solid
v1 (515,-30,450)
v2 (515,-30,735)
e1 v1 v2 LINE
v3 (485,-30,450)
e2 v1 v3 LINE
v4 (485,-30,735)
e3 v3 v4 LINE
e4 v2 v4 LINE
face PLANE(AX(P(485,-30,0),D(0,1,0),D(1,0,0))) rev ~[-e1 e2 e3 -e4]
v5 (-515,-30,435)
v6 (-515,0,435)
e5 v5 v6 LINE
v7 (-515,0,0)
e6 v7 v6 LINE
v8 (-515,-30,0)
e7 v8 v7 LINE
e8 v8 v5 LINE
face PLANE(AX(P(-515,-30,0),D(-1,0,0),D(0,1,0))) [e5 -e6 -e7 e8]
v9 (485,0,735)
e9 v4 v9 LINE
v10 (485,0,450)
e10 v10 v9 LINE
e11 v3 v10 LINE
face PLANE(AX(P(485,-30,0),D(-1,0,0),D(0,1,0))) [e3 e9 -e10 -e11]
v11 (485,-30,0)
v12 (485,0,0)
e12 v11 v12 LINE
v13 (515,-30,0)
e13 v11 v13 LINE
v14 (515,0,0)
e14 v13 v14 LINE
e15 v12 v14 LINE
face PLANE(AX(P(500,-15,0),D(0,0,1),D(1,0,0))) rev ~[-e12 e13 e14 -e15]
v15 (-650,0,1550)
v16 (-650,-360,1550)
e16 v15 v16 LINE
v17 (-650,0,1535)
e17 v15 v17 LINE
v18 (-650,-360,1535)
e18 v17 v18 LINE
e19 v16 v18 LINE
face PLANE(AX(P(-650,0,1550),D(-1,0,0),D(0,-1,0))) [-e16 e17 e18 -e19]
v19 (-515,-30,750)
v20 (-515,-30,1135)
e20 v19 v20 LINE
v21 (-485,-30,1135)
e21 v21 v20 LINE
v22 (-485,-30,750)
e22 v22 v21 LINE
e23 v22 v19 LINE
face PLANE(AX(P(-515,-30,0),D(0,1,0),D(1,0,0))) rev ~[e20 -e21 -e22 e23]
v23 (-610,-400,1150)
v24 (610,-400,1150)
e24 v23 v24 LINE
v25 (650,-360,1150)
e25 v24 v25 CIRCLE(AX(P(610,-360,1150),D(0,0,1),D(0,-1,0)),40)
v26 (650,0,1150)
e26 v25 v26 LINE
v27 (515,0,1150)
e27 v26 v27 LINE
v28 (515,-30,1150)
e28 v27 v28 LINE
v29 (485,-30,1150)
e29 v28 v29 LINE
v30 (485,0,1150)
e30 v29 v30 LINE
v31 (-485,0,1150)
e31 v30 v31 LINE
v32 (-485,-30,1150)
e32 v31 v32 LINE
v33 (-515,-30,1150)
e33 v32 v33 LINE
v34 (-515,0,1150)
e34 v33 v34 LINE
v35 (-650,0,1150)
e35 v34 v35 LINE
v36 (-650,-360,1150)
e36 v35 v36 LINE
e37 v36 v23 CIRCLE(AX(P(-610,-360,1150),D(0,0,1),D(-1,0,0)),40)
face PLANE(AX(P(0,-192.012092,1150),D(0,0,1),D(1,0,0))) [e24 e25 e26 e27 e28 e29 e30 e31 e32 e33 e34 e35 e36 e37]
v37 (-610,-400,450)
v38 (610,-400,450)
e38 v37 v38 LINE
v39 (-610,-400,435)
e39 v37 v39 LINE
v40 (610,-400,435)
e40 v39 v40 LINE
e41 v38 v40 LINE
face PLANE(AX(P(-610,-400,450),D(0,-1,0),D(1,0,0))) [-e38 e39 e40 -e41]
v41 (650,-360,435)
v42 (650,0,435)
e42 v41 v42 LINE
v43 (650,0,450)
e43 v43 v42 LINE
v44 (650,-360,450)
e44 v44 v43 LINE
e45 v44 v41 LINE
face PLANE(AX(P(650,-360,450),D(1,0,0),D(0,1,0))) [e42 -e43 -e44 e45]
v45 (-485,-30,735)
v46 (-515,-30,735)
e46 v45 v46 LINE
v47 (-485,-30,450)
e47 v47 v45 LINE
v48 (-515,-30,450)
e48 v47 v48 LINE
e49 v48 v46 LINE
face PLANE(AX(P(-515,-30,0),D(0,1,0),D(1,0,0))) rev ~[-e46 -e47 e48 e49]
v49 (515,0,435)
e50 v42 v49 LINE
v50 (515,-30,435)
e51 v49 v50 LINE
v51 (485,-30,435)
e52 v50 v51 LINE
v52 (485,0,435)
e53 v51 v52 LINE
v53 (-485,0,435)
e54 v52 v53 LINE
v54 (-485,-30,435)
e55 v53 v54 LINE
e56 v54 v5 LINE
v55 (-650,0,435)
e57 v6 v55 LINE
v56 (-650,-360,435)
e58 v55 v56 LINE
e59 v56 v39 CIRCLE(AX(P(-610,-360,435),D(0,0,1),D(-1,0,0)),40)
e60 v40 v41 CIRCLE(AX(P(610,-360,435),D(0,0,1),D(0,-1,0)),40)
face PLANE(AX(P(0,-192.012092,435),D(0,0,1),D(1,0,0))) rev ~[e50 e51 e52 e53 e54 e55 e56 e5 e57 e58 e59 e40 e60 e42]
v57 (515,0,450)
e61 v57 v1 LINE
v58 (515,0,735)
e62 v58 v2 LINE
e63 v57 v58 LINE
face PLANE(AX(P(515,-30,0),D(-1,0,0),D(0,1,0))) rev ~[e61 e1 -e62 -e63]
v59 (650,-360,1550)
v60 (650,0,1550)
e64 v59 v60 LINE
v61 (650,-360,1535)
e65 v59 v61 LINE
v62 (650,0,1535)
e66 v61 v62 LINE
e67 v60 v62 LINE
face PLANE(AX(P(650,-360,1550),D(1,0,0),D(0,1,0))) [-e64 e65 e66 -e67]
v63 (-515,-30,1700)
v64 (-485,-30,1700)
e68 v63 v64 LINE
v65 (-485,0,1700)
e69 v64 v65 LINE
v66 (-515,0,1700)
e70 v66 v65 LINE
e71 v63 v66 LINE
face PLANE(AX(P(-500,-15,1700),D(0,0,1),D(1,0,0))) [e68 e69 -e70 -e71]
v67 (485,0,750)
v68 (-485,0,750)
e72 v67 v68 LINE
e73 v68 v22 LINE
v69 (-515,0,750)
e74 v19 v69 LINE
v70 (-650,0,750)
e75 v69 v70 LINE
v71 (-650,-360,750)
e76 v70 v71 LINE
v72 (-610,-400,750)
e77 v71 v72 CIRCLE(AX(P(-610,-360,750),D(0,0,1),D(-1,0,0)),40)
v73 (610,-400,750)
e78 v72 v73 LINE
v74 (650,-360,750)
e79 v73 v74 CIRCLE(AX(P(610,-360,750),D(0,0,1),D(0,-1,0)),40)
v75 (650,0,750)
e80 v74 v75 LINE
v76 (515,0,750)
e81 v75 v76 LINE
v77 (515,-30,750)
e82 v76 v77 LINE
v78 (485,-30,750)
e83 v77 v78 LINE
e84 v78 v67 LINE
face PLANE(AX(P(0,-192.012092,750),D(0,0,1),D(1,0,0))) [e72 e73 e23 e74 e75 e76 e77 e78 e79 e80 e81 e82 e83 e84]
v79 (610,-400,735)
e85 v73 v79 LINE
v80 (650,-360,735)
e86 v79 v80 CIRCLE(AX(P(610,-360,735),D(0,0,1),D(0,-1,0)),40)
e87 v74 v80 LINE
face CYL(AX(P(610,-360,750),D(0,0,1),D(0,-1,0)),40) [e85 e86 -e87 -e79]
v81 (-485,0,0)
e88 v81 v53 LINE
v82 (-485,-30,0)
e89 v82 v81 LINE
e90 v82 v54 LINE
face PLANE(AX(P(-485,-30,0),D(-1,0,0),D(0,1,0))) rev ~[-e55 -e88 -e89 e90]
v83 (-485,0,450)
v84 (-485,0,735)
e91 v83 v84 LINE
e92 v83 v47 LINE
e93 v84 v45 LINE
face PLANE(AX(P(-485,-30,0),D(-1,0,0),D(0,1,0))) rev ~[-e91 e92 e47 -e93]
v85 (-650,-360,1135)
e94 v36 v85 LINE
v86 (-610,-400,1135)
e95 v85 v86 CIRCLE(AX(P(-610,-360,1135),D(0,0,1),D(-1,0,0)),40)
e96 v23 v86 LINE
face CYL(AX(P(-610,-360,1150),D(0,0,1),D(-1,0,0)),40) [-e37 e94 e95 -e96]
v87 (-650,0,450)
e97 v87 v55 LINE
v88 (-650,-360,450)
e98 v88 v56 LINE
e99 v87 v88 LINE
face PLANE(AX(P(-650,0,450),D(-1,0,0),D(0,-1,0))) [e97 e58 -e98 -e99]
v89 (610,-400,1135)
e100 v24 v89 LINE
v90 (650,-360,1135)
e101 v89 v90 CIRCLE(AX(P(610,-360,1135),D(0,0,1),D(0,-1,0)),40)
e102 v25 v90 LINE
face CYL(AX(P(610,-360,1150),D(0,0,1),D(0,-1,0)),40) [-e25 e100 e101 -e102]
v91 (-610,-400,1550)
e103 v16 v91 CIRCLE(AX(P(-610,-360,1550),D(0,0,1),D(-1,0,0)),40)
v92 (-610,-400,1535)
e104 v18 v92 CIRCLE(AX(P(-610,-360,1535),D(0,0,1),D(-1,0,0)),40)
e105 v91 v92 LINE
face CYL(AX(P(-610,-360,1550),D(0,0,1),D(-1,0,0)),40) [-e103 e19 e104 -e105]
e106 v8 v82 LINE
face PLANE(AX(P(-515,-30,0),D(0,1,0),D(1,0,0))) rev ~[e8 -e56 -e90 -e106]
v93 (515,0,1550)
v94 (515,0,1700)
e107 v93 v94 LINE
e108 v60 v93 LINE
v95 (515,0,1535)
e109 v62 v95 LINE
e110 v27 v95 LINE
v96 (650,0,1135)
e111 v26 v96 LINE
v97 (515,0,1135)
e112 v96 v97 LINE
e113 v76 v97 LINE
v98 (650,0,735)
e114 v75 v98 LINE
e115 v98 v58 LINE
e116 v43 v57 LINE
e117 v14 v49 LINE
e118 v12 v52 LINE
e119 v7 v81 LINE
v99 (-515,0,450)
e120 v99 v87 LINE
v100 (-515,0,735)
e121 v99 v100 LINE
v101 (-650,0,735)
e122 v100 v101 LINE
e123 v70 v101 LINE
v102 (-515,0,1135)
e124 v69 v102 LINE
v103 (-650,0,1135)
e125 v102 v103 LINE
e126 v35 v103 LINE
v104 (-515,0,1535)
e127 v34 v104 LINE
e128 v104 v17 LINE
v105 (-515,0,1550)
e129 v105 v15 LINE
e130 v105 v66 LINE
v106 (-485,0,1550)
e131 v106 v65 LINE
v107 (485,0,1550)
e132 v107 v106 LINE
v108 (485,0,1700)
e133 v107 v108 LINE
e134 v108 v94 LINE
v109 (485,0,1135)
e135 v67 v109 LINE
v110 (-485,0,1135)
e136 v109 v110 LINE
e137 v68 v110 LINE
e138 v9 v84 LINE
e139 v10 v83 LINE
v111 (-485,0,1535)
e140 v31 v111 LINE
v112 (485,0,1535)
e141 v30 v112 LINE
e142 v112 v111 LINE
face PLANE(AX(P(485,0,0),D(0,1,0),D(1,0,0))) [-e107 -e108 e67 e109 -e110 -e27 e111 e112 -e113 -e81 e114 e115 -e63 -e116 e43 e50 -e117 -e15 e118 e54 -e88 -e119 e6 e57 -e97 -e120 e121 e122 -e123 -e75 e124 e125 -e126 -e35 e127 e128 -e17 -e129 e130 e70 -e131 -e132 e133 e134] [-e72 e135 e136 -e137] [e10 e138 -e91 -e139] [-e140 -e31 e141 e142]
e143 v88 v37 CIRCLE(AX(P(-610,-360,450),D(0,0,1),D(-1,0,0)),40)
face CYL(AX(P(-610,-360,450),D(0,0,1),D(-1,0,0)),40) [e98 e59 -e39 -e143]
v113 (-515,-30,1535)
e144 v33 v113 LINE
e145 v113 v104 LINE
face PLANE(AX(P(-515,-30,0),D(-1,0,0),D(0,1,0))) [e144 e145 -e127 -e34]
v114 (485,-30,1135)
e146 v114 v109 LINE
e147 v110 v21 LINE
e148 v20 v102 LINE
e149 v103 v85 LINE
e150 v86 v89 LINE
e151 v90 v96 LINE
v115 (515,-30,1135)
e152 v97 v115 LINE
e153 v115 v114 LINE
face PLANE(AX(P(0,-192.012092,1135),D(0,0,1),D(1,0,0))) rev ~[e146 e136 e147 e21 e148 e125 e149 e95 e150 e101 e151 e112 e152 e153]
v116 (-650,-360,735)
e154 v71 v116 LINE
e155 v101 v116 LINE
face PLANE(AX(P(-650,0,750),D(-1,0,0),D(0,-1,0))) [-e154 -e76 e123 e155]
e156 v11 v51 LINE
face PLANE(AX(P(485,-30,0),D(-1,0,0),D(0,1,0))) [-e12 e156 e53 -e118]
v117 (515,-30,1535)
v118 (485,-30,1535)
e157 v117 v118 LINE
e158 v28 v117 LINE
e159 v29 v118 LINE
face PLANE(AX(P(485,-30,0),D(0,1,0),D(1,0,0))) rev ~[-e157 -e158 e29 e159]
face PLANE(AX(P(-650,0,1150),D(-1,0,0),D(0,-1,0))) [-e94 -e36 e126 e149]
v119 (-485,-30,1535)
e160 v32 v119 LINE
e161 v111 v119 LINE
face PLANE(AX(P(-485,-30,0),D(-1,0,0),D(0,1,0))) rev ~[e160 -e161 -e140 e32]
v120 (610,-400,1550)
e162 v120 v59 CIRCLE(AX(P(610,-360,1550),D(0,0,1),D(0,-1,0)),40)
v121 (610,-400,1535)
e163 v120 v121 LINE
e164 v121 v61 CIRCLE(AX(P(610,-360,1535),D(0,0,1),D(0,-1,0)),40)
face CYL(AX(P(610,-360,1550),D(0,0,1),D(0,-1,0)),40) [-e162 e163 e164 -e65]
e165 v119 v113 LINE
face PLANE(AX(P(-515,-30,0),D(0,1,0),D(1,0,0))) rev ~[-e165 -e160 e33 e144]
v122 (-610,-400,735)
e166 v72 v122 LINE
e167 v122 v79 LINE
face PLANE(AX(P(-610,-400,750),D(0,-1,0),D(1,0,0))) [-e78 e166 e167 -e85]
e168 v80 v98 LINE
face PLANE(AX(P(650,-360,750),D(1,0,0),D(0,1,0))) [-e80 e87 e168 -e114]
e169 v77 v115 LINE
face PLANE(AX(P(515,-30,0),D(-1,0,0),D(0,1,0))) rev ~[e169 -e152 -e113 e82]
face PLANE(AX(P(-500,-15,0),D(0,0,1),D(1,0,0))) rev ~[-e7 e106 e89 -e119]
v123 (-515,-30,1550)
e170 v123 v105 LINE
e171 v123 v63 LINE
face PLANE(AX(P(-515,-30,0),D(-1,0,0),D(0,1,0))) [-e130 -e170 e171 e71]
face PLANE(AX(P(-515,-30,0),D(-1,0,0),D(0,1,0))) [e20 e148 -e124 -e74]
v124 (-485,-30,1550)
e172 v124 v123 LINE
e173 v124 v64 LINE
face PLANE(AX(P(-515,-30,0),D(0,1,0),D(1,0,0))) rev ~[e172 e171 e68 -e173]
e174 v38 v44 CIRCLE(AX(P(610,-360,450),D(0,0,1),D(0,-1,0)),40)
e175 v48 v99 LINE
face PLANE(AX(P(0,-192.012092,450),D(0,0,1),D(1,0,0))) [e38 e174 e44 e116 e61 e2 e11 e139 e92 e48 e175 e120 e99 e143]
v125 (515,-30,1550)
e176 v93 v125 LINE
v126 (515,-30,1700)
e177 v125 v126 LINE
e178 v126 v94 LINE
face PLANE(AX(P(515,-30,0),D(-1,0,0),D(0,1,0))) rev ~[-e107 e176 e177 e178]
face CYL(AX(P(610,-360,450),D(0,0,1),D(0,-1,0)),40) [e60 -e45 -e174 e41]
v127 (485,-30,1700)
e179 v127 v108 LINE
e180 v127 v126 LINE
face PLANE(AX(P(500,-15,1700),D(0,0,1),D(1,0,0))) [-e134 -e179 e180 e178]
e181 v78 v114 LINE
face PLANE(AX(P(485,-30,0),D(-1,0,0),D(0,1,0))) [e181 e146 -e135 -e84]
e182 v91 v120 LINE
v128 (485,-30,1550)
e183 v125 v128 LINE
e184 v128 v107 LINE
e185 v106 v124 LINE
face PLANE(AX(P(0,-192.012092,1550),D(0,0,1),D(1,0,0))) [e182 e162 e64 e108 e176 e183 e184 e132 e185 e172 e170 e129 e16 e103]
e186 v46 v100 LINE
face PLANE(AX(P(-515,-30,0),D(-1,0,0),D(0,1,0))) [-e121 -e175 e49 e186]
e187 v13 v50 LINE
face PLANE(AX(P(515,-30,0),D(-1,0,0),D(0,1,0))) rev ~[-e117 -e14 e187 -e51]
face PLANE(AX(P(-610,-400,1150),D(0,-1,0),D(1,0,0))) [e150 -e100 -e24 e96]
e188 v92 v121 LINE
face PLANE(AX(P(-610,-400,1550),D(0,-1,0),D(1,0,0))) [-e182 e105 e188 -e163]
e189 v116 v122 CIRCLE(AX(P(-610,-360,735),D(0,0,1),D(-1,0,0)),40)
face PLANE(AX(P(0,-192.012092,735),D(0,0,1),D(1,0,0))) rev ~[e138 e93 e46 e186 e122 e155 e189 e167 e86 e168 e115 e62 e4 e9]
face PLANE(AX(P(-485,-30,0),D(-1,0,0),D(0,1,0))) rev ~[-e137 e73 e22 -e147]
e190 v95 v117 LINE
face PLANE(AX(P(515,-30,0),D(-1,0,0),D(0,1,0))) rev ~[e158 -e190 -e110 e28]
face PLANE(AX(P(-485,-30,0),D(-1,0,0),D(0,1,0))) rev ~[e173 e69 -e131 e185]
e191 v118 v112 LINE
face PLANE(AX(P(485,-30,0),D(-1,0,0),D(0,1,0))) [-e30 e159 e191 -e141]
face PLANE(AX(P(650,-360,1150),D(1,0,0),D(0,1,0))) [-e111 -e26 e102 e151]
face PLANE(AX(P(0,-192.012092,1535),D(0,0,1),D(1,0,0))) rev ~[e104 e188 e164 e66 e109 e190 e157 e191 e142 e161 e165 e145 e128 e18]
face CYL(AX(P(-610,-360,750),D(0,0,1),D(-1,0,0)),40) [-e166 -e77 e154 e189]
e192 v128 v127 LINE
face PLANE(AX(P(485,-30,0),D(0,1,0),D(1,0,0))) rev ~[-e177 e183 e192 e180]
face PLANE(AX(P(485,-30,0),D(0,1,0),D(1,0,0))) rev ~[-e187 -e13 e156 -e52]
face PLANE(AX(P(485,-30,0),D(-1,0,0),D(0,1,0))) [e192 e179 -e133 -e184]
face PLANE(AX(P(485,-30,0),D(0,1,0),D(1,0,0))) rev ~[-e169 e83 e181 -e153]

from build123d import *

# Parameters (mm, degrees)
F7_W      = 30
F7_H      = 30
F8_DEPTH  = 1700
F15_DEPTH = 15
F17_DEPTH = 15
F19_DEPTH = 15
F21_DEPTH = 15


with BuildPart() as f8:
    # F7 (on Top) → F8 (new body)
    with BuildSketch(Plane.XY):
        with Locations((-500, -15)):
            Rectangle(F7_W, F7_H)
    extrude(amount=F8_DEPTH)



with BuildPart() as f8b:
    # F7 (on Top) → F8, piece 2 (new body)
    with BuildSketch(Plane.XY):
        with Locations((500, -15)):
            Rectangle(F7_W, F7_H)
    extrude(amount=F8_DEPTH)


with BuildPart() as f8_1:
    add(f8.part)

    add(f8b.part)  # F15 merges F8b
    # F14 (on offset) → F15 (join)
    with BuildSketch(Plane.XY.offset(450)):
        with BuildLine():
            Line((485, 0), (0, 0))
            Line((0, 0), (-485, 0))
            Line((-485, 0), (-485, -30))
            Line((-485, -30), (-515, -30))
            Line((-515, -30), (-515, 0))
            Line((-515, 0), (-650, 0))
            Line((-650, 0), (-650, -360))
            ThreePointArc((-650, -360), (-638.2842712475, -388.2842712475), (-610, -400))
            Line((-610, -400), (0, -400))
            Line((0, -400), (610, -400))
            ThreePointArc((610, -400), (638.2842712475, -388.2842712475), (650, -360))
            Line((650, -360), (650, 0))
            Line((650, 0), (515, 0))
            Line((515, 0), (515, -30))
            Line((515, -30), (485, -30))
            Line((485, -30), (485, 0))
        make_face()
    extrude(amount=-F15_DEPTH)

    # F16 (on offset) → F17 (join)
    with BuildSketch(Plane.XY.offset(750)):
        with BuildLine():
            Line((0, -400), (610, -400))
            ThreePointArc((610, -400), (638.2842712475, -388.2842712475), (650, -360))
            Line((650, -360), (650, 0))
            Line((650, 0), (515, 0))
            Line((515, 0), (515, -30))
            Line((515, -30), (485, -30))
            Line((485, -30), (485, 0))
            Line((485, 0), (0, 0))
            Line((0, 0), (-485, 0))
            Line((-485, 0), (-485, -30))
            Line((-485, -30), (-515, -30))
            Line((-515, -30), (-515, 0))
            Line((-515, 0), (-650, 0))
            Line((-650, 0), (-650, -360))
            ThreePointArc((-650, -360), (-638.2842712475, -388.2842712475), (-610, -400))
            Line((-610, -400), (0, -400))
        make_face()
    extrude(amount=-F17_DEPTH)

    # F18 (on offset) → F19 (join)
    with BuildSketch(Plane.XY.offset(1150)):
        with BuildLine():
            Line((0, -400), (610, -400))
            ThreePointArc((610, -400), (638.2842712475, -388.2842712475), (650, -360))
            Line((650, -360), (650, 0))
            Line((650, 0), (515, 0))
            Line((515, 0), (515, -30))
            Line((515, -30), (485, -30))
            Line((485, -30), (485, 0))
            Line((485, 0), (0, 0))
            Line((0, 0), (-485, 0))
            Line((-485, 0), (-485, -30))
            Line((-485, -30), (-515, -30))
            Line((-515, -30), (-515, 0))
            Line((-515, 0), (-650, 0))
            Line((-650, 0), (-650, -360))
            ThreePointArc((-650, -360), (-638.2842712475, -388.2842712475), (-610, -400))
            Line((-610, -400), (0, -400))
        make_face()
    extrude(amount=-F19_DEPTH)

    # F20 (on offset) → F21 (join)
    with BuildSketch(Plane.XY.offset(1550)):
        with BuildLine():
            Line((0, -400), (610, -400))
            ThreePointArc((610, -400), (638.2842712475, -388.2842712475), (650, -360))
            Line((650, -360), (650, 0))
            Line((650, 0), (515, 0))
            Line((515, 0), (515, -30))
            Line((515, -30), (485, -30))
            Line((485, -30), (485, 0))
            Line((485, 0), (0, 0))
            Line((0, 0), (-485, 0))
            Line((-485, 0), (-485, -30))
            Line((-485, -30), (-515, -30))
            Line((-515, -30), (-515, 0))
            Line((-515, 0), (-650, 0))
            Line((-650, 0), (-650, -360))
            ThreePointArc((-650, -360), (-638.2842712475, -388.2842712475), (-610, -400))
            Line((-610, -400), (0, -400))
        make_face()
    extrude(amount=-F21_DEPTH)


solid = f8_1.part
